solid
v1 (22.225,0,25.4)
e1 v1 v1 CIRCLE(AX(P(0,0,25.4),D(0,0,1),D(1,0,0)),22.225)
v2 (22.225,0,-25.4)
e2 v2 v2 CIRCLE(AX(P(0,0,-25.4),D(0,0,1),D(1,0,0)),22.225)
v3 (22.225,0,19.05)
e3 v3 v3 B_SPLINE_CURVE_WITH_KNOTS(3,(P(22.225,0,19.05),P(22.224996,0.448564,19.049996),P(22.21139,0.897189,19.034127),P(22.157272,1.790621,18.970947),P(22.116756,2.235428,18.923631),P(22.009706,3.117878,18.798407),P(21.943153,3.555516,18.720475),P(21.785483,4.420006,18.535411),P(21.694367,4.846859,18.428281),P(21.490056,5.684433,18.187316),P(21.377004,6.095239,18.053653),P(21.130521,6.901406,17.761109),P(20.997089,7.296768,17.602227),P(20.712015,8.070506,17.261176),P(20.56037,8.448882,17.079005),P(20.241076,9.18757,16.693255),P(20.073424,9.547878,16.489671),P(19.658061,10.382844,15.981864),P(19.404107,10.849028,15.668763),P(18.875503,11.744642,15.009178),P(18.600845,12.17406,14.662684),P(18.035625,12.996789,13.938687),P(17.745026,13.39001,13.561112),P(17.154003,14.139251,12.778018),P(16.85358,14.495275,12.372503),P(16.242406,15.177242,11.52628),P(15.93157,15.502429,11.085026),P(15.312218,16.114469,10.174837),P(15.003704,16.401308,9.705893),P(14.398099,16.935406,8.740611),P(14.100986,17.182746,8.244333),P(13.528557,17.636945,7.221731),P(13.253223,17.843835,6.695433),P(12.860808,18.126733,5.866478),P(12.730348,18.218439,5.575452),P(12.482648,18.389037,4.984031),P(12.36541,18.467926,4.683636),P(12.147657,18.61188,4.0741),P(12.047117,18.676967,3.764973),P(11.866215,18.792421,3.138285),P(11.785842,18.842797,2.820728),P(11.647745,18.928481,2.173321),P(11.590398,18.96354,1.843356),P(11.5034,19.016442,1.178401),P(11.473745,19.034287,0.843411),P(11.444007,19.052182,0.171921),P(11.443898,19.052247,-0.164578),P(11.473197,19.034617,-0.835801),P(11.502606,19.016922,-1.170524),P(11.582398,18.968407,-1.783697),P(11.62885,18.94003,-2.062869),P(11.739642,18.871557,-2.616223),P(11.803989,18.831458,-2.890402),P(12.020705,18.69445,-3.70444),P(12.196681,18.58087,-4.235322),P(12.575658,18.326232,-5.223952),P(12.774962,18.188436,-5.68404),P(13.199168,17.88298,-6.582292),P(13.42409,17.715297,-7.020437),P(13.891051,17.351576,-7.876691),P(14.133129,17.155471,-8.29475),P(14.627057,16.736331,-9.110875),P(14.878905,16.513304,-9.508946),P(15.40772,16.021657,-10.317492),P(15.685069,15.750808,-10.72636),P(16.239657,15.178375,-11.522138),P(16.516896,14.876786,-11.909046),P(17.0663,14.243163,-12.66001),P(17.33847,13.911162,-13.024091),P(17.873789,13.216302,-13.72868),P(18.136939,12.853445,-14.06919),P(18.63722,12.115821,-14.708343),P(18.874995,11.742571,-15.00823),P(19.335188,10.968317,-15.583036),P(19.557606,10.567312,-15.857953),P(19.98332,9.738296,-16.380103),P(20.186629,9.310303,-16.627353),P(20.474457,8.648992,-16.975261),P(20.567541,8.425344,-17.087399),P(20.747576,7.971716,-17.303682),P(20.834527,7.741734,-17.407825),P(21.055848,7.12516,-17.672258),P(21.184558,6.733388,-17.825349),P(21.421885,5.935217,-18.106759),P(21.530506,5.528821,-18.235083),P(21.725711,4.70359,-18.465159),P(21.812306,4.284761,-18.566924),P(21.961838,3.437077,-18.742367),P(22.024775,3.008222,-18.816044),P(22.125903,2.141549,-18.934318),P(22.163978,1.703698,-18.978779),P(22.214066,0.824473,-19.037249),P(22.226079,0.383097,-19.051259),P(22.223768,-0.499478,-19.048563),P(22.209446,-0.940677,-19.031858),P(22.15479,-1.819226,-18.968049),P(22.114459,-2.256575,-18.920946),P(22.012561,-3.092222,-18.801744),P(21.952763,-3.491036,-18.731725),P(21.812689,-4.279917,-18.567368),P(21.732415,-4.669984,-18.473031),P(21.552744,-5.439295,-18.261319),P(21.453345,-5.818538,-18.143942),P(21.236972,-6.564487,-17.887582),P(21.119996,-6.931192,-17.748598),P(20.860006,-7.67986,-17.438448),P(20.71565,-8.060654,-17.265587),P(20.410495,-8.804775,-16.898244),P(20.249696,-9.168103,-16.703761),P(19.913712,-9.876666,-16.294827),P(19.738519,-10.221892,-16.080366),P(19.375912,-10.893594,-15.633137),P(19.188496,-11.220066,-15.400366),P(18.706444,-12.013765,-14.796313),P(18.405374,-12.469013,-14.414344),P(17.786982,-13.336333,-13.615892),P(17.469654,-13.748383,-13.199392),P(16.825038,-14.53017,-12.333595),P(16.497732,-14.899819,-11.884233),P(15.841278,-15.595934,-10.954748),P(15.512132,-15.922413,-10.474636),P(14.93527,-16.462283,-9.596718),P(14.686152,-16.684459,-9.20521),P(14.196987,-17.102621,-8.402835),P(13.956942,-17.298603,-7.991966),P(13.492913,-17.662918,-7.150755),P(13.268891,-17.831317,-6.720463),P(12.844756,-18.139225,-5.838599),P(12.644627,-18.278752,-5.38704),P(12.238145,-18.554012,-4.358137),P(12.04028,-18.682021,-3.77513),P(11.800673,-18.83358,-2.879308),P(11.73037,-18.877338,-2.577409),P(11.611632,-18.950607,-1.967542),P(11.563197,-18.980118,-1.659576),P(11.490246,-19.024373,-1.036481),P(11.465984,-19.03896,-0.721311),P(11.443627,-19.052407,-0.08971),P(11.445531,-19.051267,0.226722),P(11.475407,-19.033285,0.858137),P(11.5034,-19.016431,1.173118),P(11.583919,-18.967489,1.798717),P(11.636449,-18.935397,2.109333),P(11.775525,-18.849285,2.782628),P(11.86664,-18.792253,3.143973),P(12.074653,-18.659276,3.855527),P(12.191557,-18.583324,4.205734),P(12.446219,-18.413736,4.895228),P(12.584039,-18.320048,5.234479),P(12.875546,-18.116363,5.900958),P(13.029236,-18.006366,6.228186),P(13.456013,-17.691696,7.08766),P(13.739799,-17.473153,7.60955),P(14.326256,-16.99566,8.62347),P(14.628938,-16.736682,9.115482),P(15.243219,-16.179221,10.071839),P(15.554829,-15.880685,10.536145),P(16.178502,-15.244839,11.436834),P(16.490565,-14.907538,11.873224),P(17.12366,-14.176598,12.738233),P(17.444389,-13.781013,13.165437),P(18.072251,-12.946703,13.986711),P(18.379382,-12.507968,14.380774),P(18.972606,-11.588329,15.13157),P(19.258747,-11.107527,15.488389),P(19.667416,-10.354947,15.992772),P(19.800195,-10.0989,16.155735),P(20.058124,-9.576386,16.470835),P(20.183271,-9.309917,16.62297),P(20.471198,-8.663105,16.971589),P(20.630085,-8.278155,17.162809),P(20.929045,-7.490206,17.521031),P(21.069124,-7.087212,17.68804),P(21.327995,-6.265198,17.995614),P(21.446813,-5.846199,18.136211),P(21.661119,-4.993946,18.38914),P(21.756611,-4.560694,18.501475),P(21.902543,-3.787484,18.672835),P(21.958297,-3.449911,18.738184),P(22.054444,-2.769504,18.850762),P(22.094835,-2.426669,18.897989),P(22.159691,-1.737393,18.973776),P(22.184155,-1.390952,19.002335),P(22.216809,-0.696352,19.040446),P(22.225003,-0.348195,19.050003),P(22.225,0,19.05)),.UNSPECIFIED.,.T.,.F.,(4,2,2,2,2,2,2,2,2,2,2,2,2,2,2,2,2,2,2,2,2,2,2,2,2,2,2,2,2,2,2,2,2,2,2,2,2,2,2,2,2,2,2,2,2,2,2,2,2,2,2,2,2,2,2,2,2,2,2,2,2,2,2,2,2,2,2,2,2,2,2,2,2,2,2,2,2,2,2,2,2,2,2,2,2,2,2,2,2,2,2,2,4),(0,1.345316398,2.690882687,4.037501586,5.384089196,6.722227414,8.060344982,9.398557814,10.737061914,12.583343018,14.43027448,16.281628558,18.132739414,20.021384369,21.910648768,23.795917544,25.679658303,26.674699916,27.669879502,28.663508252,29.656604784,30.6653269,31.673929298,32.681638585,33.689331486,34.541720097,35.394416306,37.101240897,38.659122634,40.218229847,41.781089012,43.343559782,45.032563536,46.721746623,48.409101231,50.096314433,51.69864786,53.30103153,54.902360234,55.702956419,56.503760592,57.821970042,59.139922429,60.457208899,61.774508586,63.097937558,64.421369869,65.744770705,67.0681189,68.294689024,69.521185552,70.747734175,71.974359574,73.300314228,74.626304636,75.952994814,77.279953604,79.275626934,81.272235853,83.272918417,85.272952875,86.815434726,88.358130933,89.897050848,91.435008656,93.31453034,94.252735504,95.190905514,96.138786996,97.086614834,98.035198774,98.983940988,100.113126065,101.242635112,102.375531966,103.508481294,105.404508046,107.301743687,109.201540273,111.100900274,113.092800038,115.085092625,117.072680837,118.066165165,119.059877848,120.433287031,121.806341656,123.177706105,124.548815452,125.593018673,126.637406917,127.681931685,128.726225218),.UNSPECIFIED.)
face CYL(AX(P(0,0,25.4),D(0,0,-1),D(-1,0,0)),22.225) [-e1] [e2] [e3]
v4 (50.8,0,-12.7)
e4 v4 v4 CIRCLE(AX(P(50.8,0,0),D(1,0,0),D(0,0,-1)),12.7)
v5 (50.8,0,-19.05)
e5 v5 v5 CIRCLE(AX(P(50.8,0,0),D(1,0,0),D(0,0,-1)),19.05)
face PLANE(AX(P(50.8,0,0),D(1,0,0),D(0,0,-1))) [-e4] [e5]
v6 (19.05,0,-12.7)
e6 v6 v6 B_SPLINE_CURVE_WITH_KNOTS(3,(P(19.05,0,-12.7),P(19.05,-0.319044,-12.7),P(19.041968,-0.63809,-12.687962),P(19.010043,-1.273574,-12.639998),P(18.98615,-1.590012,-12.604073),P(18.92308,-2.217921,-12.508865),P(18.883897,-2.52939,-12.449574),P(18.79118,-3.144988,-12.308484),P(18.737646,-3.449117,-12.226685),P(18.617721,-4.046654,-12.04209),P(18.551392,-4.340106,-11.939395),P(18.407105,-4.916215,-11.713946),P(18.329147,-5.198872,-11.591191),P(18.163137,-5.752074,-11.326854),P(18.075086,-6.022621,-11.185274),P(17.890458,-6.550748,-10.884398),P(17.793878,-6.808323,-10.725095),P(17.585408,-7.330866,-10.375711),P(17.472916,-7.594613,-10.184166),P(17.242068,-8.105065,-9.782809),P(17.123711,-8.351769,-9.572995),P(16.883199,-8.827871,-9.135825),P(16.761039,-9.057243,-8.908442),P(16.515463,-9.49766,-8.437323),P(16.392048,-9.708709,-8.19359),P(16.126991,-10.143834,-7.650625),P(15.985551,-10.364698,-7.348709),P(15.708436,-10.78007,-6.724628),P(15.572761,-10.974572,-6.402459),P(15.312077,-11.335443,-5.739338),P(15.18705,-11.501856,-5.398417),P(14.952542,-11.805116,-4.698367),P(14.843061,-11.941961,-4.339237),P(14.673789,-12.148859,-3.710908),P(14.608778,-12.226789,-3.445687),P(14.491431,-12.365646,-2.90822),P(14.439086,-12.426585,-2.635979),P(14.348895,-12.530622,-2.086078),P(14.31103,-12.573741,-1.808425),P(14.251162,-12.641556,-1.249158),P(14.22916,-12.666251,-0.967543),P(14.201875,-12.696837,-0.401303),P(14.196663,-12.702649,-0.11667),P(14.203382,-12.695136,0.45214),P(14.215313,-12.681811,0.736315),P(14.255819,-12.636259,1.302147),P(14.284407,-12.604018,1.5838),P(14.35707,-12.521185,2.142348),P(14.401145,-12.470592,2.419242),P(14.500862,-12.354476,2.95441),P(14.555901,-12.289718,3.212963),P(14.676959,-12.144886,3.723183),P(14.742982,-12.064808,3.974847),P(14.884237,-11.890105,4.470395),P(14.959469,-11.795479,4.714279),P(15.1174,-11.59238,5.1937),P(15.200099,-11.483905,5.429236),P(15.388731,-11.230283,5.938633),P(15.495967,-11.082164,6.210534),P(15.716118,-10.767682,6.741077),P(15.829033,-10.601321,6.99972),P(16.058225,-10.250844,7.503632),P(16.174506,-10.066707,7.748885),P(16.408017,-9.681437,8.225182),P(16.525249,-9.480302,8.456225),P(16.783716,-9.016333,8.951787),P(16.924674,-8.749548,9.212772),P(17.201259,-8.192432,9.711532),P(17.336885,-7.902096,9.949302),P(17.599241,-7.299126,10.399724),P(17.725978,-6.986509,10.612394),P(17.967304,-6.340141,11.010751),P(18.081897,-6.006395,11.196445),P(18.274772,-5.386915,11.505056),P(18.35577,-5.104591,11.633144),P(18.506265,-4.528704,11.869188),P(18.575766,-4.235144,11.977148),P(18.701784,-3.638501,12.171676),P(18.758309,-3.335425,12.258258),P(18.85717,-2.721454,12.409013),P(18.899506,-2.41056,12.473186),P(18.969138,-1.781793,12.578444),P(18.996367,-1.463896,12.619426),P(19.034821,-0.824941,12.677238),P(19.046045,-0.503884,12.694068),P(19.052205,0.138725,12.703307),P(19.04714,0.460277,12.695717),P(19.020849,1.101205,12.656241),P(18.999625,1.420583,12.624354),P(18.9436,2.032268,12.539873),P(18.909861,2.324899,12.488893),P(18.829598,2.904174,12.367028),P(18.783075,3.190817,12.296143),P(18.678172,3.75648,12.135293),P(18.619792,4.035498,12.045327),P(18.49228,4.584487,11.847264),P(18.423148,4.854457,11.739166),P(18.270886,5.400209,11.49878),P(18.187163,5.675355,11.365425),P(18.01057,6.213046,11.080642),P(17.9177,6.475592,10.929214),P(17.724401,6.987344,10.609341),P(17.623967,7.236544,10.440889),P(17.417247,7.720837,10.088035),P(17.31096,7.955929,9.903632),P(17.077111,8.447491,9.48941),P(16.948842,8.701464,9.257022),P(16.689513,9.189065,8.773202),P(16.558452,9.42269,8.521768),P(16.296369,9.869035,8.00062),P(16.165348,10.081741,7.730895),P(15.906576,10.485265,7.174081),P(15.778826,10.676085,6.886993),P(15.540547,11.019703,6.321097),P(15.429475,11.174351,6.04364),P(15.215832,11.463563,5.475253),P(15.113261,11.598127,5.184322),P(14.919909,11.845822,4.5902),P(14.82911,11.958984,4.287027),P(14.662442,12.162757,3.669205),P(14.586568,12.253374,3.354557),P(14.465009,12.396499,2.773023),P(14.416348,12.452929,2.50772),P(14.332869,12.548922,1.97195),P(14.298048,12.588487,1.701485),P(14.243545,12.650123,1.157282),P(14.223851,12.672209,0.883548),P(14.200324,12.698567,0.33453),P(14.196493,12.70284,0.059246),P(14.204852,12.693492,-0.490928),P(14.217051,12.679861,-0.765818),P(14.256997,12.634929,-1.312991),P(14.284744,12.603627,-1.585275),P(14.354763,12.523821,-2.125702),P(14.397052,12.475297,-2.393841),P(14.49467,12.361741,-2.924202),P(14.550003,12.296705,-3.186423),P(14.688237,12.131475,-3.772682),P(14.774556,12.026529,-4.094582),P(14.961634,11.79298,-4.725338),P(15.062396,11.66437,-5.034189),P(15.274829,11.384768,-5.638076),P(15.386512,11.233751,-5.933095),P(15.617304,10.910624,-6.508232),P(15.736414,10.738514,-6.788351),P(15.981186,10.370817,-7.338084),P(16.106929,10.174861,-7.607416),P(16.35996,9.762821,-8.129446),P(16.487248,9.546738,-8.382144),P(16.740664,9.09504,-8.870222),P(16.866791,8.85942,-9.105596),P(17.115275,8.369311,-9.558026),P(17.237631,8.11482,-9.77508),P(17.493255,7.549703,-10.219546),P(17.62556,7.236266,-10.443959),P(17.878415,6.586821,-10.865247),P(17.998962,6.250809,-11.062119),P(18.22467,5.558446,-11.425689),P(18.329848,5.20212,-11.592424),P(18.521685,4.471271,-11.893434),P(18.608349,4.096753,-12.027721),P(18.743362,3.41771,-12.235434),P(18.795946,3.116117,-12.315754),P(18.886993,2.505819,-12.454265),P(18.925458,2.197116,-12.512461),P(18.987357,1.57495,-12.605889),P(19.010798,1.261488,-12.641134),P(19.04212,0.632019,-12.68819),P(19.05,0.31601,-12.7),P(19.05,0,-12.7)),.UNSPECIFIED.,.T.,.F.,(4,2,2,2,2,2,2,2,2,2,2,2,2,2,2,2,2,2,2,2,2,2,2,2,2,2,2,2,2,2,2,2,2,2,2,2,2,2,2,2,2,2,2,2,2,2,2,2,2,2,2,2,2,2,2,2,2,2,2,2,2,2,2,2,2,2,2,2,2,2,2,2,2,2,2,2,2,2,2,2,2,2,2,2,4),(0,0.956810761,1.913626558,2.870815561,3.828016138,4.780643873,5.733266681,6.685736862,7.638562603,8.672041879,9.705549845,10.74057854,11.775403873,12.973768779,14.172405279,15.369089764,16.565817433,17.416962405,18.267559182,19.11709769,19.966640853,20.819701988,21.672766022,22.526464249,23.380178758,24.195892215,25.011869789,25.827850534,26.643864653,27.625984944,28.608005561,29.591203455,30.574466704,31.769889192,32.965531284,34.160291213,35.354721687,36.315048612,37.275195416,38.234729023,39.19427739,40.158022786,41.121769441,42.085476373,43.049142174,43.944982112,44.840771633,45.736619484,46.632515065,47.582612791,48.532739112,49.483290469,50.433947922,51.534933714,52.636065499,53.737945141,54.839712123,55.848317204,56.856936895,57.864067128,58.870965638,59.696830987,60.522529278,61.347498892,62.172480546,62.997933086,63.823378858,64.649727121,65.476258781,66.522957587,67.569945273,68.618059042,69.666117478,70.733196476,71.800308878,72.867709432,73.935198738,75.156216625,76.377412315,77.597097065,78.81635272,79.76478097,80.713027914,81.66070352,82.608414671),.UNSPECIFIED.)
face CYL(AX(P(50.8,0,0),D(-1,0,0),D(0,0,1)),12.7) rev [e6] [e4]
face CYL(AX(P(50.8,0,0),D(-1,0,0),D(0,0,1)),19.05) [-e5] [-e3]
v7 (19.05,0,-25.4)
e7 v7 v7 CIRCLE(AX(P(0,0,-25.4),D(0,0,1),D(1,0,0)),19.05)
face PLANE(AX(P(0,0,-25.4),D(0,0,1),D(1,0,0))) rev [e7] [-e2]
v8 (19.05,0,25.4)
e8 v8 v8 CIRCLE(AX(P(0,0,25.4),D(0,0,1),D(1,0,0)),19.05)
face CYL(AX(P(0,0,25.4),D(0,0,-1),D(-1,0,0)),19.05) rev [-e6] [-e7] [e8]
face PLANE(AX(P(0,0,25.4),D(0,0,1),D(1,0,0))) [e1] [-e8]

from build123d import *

# Parameters (mm, degrees)
SKETCH1_R           = 19.05
SKETCH1_R_2         = 12.7
BOSS_EXTRUDE1_DEPTH = 50.8
SKETCH2_R           = 22.225
SKETCH2_R_2         = 19.05
BOSS_EXTRUDE2_DEPTH = 25.4
CUT_EXTRUDE1_START  = -50.8
SKETCH3_R           = 19.05
CUT_EXTRUDE1_DEPTH  = 50.8
CUT_EXTRUDE2_START  = -50.8
SKETCH4_R           = 12.7
CUT_EXTRUDE2_DEPTH  = 50.8


with BuildPart() as part:
    # Sketch1 → Boss-Extrude1 (new body)
    with BuildSketch(Plane.YZ):
        with Locations(Location((0, 0, 0), (0, 0, 270))):
            Circle(SKETCH1_R)
        with Locations(Location((0, 0, 0), (0, 0, 270))):
            Circle(SKETCH1_R_2, mode=Mode.SUBTRACT)
    extrude(amount=BOSS_EXTRUDE1_DEPTH)

    # Sketch2 → Boss-Extrude2 (add, symmetric)
    with BuildSketch(Plane(origin=(0, 0, 0), x_dir=(0, 1, 0), z_dir=(0, 0, 1))):
        with Locations(Location((0, 0, 0), (0, 0, 270))):
            Circle(SKETCH2_R)
        with Locations(Location((0, 0, 0), (0, 0, 270))):
            Circle(SKETCH2_R_2, mode=Mode.SUBTRACT)
    extrude(amount=BOSS_EXTRUDE2_DEPTH, both=True)

    # Sketch3 → Cut-Extrude1 (cut)
    with BuildSketch(Plane.XY.offset(25.4).offset(CUT_EXTRUDE1_START)):
        Circle(SKETCH3_R)
    extrude(amount=CUT_EXTRUDE1_DEPTH, mode=Mode.SUBTRACT)

    # Sketch4 → Cut-Extrude2 (cut)
    with BuildSketch(Plane.YZ.offset(50.8).offset(CUT_EXTRUDE2_START)):
        with Locations(Location((0, 0, 0), (0, 0, 270))):
            Circle(SKETCH4_R)
    extrude(amount=CUT_EXTRUDE2_DEPTH, mode=Mode.SUBTRACT)


solid = part.part
